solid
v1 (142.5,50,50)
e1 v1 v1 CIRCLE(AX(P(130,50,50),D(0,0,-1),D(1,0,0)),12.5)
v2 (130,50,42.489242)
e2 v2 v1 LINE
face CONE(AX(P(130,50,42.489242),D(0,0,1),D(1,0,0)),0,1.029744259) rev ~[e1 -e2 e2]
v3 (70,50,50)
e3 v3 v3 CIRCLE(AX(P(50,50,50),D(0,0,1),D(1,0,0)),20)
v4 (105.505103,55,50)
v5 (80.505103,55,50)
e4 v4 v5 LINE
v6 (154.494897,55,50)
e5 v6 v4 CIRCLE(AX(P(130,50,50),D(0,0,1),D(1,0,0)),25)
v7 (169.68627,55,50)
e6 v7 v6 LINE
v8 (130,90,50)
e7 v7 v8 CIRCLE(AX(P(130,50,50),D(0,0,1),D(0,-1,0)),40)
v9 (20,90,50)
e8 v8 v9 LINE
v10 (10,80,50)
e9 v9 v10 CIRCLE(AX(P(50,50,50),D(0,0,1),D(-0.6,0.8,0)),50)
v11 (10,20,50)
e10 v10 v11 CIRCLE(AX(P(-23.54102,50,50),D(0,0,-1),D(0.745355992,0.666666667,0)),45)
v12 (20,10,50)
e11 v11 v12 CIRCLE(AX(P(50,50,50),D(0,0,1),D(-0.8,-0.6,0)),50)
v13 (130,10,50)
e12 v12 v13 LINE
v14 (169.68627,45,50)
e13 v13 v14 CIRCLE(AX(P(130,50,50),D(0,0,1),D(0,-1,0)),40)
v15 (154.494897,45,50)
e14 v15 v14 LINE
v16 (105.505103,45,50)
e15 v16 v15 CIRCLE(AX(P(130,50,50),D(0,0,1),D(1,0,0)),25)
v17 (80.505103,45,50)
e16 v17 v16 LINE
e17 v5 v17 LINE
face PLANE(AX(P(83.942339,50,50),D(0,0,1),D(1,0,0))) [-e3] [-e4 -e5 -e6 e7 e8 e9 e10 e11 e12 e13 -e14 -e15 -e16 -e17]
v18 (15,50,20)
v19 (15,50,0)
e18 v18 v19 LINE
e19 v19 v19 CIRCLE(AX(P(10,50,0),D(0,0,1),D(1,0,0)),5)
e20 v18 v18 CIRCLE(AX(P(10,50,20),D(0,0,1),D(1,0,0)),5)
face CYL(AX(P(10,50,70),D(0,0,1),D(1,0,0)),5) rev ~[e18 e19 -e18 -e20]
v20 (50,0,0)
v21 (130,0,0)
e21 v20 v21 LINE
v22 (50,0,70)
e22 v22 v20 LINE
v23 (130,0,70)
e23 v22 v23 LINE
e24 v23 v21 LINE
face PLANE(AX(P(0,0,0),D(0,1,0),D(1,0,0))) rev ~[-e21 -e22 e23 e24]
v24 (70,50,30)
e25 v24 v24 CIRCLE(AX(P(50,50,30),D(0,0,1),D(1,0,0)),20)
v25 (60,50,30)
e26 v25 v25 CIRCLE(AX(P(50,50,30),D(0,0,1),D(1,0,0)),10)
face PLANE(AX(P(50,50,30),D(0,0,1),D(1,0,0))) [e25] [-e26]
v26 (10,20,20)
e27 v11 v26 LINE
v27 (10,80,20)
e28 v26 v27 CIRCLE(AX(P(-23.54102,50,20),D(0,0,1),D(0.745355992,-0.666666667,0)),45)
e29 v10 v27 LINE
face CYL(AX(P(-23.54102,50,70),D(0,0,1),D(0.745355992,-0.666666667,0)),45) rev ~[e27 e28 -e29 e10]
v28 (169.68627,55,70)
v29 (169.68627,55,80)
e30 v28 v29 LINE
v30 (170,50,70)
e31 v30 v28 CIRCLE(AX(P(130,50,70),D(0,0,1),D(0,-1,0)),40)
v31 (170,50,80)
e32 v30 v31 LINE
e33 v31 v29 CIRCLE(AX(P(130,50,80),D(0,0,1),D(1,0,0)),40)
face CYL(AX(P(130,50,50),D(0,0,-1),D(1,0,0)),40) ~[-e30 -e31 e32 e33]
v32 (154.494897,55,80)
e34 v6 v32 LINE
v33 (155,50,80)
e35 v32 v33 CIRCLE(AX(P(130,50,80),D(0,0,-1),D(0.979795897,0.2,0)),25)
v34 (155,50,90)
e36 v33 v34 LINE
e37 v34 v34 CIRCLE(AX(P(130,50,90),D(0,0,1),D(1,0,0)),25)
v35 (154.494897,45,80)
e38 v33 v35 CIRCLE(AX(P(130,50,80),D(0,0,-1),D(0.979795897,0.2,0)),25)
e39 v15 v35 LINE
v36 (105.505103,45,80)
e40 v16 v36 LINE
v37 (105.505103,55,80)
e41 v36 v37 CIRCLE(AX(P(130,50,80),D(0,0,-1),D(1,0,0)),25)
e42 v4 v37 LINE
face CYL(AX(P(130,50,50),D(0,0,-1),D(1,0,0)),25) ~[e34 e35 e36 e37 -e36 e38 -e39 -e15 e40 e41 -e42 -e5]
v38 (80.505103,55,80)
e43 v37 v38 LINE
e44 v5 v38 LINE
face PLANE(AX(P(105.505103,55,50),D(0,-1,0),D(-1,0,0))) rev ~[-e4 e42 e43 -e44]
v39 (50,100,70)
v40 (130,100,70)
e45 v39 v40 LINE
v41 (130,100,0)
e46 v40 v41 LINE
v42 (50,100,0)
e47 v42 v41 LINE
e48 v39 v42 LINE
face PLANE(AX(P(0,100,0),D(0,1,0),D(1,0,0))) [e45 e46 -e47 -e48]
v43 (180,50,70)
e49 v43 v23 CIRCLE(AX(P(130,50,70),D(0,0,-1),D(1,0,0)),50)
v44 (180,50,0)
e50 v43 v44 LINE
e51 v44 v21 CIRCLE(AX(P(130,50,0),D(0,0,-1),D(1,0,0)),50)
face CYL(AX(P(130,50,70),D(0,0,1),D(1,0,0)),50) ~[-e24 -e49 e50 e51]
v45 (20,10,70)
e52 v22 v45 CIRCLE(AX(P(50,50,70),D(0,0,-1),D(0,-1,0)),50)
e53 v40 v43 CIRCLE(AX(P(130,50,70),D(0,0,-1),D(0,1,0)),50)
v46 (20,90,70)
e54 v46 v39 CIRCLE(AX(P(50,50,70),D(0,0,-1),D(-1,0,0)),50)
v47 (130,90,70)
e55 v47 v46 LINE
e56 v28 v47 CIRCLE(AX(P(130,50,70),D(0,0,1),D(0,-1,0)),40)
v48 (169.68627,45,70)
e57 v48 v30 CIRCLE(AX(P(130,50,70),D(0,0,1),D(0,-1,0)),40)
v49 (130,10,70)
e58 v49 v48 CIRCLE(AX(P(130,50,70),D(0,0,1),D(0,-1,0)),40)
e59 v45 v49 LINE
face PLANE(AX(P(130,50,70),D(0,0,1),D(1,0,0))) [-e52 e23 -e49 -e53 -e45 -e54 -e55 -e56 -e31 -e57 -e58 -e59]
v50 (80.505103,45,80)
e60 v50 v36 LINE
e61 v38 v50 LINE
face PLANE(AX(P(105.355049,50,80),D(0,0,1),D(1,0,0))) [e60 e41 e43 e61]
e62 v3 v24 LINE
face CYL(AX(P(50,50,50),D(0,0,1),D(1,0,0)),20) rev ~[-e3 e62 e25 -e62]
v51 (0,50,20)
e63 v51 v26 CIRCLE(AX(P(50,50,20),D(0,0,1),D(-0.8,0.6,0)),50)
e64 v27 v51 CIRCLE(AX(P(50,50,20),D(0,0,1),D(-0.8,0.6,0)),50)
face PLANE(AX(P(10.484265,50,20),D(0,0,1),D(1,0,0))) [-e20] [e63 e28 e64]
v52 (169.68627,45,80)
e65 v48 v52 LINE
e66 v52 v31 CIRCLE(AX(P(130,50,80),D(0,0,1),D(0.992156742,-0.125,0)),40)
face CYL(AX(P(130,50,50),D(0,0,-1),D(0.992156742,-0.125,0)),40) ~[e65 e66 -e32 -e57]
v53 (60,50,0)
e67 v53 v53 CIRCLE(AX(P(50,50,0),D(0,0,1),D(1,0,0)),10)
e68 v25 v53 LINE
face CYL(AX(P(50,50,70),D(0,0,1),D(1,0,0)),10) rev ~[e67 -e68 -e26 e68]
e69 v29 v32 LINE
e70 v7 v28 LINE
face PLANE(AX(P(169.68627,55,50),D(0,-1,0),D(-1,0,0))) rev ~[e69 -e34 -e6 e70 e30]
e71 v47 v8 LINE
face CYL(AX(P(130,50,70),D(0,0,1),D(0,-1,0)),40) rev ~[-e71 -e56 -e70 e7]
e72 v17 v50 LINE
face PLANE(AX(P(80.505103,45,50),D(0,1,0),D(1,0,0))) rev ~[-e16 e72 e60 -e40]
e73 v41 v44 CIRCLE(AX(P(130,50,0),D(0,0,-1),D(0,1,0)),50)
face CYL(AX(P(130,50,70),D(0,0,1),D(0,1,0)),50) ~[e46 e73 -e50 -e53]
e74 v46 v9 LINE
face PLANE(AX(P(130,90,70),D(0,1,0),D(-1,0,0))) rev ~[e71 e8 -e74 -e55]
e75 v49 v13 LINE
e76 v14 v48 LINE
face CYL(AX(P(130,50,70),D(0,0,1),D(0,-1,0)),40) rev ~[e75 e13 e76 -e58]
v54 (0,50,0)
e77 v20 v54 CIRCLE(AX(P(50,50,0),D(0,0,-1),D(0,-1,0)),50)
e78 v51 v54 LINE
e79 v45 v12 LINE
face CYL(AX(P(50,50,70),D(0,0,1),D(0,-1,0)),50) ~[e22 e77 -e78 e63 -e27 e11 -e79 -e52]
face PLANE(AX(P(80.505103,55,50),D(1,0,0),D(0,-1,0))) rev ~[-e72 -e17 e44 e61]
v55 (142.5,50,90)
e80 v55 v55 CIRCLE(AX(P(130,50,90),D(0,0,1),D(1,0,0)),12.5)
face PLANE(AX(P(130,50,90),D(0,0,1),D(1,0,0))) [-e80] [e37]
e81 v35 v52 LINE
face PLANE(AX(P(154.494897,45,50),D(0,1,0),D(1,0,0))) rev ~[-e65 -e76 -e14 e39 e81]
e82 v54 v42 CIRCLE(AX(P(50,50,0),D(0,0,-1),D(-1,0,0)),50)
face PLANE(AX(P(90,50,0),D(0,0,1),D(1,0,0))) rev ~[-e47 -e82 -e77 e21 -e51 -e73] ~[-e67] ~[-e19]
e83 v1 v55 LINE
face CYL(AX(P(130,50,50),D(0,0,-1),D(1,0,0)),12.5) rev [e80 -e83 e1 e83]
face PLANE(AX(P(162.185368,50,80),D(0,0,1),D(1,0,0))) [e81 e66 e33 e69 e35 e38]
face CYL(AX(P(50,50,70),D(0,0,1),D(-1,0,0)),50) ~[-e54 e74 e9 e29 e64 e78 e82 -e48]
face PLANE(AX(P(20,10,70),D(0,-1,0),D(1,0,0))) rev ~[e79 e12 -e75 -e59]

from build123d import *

# Parameters (mm, degrees)
SKETCH1_W                  = 180
SKETCH1_H                  = 100
BOSS_EXTRUDE2_DEPTH        = 70
CUT_EXTRUDE1_DEPTH         = 70
SKETCH3_R                  = 5
CUT_EXTRUDE2_DEPTH         = 70
SKETCH4_R                  = 5
CUT_EXTRUDE3_DEPTH         = 50
SKETCH5_R                  = 10
CUT_EXTRUDE4_DEPTH         = 106
SKETCH6_R                  = 15
CUT_EXTRUDE5_DEPTH         = 40
SKETCH8_R                  = 15
SKETCH8_R_2                = 12.5
BOSS_EXTRUDE3_DEPTH        = 40
SKETCH10_R                 = 12.5
BOSS_EXTRUDE4_DEPTH        = 65
F_25_0MM_DOWEL_HOLE2_D     = 25
F_25_0MM_DOWEL_HOLE2_DEPTH = 20
F_25_0MM_DOWEL_HOLE2_TIP   = 7.510757738
SKETCH12_R                 = 10
SKETCH12_R_2               = 12.5
CUT_EXTRUDE6_DEPTH         = 20
SKETCH13_R                 = 25
SKETCH13_R_2               = 12.5
BOSS_EXTRUDE5_DEPTH        = 40
SKETCH14_R                 = 20
SKETCH14_R_2               = 10
CUT_EXTRUDE7_DEPTH         = 20
BOSS_EXTRUDE10_DEPTH       = 30
BOSS_EXTRUDE13_DEPTH       = 30


with BuildPart() as part:
    # Sketch1 → Boss-Extrude2 (new body)
    with BuildSketch(Plane.XY):
        with Locations((90, 50)):
            Rectangle(SKETCH1_W, SKETCH1_H)
    extrude(amount=BOSS_EXTRUDE2_DEPTH)

    # Sketch2 → Cut-Extrude1 (cut)
    with BuildSketch(Plane.XY.offset(70)):
        with BuildLine():
            Line((50, 100), (0, 100))
            Line((0, 100), (0, 50))
            ThreePointArc((0, 50), (14.644660941, 85.355339059), (50, 100))
        make_face()
        with BuildLine():
            ThreePointArc((50, 0), (14.644660941, 14.644660941), (0, 50))
            Line((0, 50), (0, 0))
            Line((0, 0), (50, 0))
        make_face()
        with BuildLine():
            Line((180, 0), (180, 50))
            ThreePointArc((180, 50), (165.355339059, 14.644660941), (130, 0))
            Line((130, 0), (180, 0))
        make_face()
        with BuildLine():
            Line((180, 100), (130, 100))
            ThreePointArc((130, 100), (165.355339059, 85.355339059), (180, 50))
            Line((180, 50), (180, 100))
        make_face()
    extrude(amount=-CUT_EXTRUDE1_DEPTH, mode=Mode.SUBTRACT)

    # Sketch3 → Cut-Extrude2 (cut)
    with BuildSketch(Plane.XY.offset(70)):
        with Locations((10, 50)):
            Circle(SKETCH3_R)
    extrude(amount=-CUT_EXTRUDE2_DEPTH, mode=Mode.SUBTRACT)

    # Sketch4 → Cut-Extrude3 (cut)
    with BuildSketch(Plane.XY.offset(70)):
        with BuildLine():
            ThreePointArc((10, 20), (21.458980338, 50), (10, 80))
            ThreePointArc((10, 80), (0, 50), (10, 20))
        make_face()
        with Locations((10, 50)):
            Circle(SKETCH4_R, mode=Mode.SUBTRACT)
    extrude(amount=-CUT_EXTRUDE3_DEPTH, mode=Mode.SUBTRACT)

    # Sketch5 → Cut-Extrude4 (cut)
    with BuildSketch(Plane.XY.offset(70)):
        with Locations((50, 50)):
            Circle(SKETCH5_R)
    extrude(amount=-CUT_EXTRUDE4_DEPTH, mode=Mode.SUBTRACT)

    # Sketch6 → Cut-Extrude5 (cut)
    with BuildSketch(Plane.XY.offset(70)):
        with Locations((130, 50)):
            Circle(SKETCH6_R)
    extrude(amount=-CUT_EXTRUDE5_DEPTH, mode=Mode.SUBTRACT)

    # Sketch8 → Boss-Extrude3 (add)
    with BuildSketch(Plane.XY.offset(70)):
        with Locations((130, 50)):
            Circle(SKETCH8_R)
        with Locations((130, 50)):
            Circle(SKETCH8_R_2, mode=Mode.SUBTRACT)
    extrude(amount=-BOSS_EXTRUDE3_DEPTH)

    # Sketch10 → Boss-Extrude4 (add)
    with BuildSketch(Plane.XY.offset(70)):
        with Locations((130, 50)):
            Circle(SKETCH10_R)
    extrude(amount=-BOSS_EXTRUDE4_DEPTH)

    # Ø25.0mm Dowel Hole2
    with Locations(Plane(origin=(130, 50, 70), x_dir=(1, 0, 0), z_dir=(0, 0, 1))):
        with Locations((0, 0)):
            Hole(F_25_0MM_DOWEL_HOLE2_D / 2, depth=F_25_0MM_DOWEL_HOLE2_DEPTH)
            with Locations((0, 0, -(F_25_0MM_DOWEL_HOLE2_DEPTH + F_25_0MM_DOWEL_HOLE2_TIP / 2))):  # 118° drill point
                Cone(0, F_25_0MM_DOWEL_HOLE2_D / 2, F_25_0MM_DOWEL_HOLE2_TIP, mode=Mode.SUBTRACT)

    # Sketch12 → Cut-Extrude6 (cut)
    with BuildSketch(Plane.XY.offset(70)):
        with BuildLine():
            ThreePointArc((130, 10), (170, 50), (130, 90))
            Line((130, 90), (20, 90))
            ThreePointArc((20, 90), (14.644660941, 85.355339059), (10, 80))
            ThreePointArc((10, 80), (21.458980338, 50), (10, 20))
            ThreePointArc((10, 20), (14.644660941, 14.644660941), (20, 10))
            Line((20, 10), (130, 10))
        make_face()
        with Locations((50, 50)):
            Circle(SKETCH12_R, mode=Mode.SUBTRACT)
        with Locations((130, 50)):
            Circle(SKETCH12_R_2, mode=Mode.SUBTRACT)
    extrude(amount=-CUT_EXTRUDE6_DEPTH, mode=Mode.SUBTRACT)

    # Sketch13 → Boss-Extrude5 (add)
    with BuildSketch(Plane.XY.offset(50)):
        with Locations((130, 50)):
            Circle(SKETCH13_R)
        with Locations((130, 50)):
            Circle(SKETCH13_R_2, mode=Mode.SUBTRACT)
    extrude(amount=BOSS_EXTRUDE5_DEPTH)

    # Sketch14 → Cut-Extrude7 (cut)
    with BuildSketch(Plane.XY.offset(50)):
        with Locations((50, 50)):
            Circle(SKETCH14_R)
        with Locations((50, 50)):
            Circle(SKETCH14_R_2, mode=Mode.SUBTRACT)
    extrude(amount=-CUT_EXTRUDE7_DEPTH, mode=Mode.SUBTRACT)

    # Sketch15 → Boss-Extrude10 (add)
    with BuildSketch(Plane.XY.offset(50)):
        with BuildLine():
            Line((105.505102572, 45), (105.505102572, 55))
            ThreePointArc((105.505102572, 55), (105, 50), (105.505102572, 45))
        make_face()
        with BuildLine():
            ThreePointArc((105.505102572, 45), (105, 50), (105.505102572, 55))
            Line((105.505102572, 55), (80.505102572, 55))
            Line((80.505102572, 55), (80.505102572, 45))
            Line((80.505102572, 45), (105.505102572, 45))
        make_face()
    extrude(amount=BOSS_EXTRUDE10_DEPTH)

    # Sketch16 → Boss-Extrude13 (add)
    with BuildSketch(Plane.XY.offset(50)):
        with BuildLine():
            Line((169.686269666, 55), (154.494897428, 55))
            ThreePointArc((154.494897428, 55), (155, 50), (154.494897428, 45))
            Line((154.494897428, 45), (169.686269666, 45))
            ThreePointArc((169.686269666, 45), (169.921490369, 47.495083498), (170, 50))
            ThreePointArc((170, 50), (169.921490369, 52.504916502), (169.686269666, 55))
        make_face()
    extrude(amount=BOSS_EXTRUDE13_DEPTH)


solid = part.part
